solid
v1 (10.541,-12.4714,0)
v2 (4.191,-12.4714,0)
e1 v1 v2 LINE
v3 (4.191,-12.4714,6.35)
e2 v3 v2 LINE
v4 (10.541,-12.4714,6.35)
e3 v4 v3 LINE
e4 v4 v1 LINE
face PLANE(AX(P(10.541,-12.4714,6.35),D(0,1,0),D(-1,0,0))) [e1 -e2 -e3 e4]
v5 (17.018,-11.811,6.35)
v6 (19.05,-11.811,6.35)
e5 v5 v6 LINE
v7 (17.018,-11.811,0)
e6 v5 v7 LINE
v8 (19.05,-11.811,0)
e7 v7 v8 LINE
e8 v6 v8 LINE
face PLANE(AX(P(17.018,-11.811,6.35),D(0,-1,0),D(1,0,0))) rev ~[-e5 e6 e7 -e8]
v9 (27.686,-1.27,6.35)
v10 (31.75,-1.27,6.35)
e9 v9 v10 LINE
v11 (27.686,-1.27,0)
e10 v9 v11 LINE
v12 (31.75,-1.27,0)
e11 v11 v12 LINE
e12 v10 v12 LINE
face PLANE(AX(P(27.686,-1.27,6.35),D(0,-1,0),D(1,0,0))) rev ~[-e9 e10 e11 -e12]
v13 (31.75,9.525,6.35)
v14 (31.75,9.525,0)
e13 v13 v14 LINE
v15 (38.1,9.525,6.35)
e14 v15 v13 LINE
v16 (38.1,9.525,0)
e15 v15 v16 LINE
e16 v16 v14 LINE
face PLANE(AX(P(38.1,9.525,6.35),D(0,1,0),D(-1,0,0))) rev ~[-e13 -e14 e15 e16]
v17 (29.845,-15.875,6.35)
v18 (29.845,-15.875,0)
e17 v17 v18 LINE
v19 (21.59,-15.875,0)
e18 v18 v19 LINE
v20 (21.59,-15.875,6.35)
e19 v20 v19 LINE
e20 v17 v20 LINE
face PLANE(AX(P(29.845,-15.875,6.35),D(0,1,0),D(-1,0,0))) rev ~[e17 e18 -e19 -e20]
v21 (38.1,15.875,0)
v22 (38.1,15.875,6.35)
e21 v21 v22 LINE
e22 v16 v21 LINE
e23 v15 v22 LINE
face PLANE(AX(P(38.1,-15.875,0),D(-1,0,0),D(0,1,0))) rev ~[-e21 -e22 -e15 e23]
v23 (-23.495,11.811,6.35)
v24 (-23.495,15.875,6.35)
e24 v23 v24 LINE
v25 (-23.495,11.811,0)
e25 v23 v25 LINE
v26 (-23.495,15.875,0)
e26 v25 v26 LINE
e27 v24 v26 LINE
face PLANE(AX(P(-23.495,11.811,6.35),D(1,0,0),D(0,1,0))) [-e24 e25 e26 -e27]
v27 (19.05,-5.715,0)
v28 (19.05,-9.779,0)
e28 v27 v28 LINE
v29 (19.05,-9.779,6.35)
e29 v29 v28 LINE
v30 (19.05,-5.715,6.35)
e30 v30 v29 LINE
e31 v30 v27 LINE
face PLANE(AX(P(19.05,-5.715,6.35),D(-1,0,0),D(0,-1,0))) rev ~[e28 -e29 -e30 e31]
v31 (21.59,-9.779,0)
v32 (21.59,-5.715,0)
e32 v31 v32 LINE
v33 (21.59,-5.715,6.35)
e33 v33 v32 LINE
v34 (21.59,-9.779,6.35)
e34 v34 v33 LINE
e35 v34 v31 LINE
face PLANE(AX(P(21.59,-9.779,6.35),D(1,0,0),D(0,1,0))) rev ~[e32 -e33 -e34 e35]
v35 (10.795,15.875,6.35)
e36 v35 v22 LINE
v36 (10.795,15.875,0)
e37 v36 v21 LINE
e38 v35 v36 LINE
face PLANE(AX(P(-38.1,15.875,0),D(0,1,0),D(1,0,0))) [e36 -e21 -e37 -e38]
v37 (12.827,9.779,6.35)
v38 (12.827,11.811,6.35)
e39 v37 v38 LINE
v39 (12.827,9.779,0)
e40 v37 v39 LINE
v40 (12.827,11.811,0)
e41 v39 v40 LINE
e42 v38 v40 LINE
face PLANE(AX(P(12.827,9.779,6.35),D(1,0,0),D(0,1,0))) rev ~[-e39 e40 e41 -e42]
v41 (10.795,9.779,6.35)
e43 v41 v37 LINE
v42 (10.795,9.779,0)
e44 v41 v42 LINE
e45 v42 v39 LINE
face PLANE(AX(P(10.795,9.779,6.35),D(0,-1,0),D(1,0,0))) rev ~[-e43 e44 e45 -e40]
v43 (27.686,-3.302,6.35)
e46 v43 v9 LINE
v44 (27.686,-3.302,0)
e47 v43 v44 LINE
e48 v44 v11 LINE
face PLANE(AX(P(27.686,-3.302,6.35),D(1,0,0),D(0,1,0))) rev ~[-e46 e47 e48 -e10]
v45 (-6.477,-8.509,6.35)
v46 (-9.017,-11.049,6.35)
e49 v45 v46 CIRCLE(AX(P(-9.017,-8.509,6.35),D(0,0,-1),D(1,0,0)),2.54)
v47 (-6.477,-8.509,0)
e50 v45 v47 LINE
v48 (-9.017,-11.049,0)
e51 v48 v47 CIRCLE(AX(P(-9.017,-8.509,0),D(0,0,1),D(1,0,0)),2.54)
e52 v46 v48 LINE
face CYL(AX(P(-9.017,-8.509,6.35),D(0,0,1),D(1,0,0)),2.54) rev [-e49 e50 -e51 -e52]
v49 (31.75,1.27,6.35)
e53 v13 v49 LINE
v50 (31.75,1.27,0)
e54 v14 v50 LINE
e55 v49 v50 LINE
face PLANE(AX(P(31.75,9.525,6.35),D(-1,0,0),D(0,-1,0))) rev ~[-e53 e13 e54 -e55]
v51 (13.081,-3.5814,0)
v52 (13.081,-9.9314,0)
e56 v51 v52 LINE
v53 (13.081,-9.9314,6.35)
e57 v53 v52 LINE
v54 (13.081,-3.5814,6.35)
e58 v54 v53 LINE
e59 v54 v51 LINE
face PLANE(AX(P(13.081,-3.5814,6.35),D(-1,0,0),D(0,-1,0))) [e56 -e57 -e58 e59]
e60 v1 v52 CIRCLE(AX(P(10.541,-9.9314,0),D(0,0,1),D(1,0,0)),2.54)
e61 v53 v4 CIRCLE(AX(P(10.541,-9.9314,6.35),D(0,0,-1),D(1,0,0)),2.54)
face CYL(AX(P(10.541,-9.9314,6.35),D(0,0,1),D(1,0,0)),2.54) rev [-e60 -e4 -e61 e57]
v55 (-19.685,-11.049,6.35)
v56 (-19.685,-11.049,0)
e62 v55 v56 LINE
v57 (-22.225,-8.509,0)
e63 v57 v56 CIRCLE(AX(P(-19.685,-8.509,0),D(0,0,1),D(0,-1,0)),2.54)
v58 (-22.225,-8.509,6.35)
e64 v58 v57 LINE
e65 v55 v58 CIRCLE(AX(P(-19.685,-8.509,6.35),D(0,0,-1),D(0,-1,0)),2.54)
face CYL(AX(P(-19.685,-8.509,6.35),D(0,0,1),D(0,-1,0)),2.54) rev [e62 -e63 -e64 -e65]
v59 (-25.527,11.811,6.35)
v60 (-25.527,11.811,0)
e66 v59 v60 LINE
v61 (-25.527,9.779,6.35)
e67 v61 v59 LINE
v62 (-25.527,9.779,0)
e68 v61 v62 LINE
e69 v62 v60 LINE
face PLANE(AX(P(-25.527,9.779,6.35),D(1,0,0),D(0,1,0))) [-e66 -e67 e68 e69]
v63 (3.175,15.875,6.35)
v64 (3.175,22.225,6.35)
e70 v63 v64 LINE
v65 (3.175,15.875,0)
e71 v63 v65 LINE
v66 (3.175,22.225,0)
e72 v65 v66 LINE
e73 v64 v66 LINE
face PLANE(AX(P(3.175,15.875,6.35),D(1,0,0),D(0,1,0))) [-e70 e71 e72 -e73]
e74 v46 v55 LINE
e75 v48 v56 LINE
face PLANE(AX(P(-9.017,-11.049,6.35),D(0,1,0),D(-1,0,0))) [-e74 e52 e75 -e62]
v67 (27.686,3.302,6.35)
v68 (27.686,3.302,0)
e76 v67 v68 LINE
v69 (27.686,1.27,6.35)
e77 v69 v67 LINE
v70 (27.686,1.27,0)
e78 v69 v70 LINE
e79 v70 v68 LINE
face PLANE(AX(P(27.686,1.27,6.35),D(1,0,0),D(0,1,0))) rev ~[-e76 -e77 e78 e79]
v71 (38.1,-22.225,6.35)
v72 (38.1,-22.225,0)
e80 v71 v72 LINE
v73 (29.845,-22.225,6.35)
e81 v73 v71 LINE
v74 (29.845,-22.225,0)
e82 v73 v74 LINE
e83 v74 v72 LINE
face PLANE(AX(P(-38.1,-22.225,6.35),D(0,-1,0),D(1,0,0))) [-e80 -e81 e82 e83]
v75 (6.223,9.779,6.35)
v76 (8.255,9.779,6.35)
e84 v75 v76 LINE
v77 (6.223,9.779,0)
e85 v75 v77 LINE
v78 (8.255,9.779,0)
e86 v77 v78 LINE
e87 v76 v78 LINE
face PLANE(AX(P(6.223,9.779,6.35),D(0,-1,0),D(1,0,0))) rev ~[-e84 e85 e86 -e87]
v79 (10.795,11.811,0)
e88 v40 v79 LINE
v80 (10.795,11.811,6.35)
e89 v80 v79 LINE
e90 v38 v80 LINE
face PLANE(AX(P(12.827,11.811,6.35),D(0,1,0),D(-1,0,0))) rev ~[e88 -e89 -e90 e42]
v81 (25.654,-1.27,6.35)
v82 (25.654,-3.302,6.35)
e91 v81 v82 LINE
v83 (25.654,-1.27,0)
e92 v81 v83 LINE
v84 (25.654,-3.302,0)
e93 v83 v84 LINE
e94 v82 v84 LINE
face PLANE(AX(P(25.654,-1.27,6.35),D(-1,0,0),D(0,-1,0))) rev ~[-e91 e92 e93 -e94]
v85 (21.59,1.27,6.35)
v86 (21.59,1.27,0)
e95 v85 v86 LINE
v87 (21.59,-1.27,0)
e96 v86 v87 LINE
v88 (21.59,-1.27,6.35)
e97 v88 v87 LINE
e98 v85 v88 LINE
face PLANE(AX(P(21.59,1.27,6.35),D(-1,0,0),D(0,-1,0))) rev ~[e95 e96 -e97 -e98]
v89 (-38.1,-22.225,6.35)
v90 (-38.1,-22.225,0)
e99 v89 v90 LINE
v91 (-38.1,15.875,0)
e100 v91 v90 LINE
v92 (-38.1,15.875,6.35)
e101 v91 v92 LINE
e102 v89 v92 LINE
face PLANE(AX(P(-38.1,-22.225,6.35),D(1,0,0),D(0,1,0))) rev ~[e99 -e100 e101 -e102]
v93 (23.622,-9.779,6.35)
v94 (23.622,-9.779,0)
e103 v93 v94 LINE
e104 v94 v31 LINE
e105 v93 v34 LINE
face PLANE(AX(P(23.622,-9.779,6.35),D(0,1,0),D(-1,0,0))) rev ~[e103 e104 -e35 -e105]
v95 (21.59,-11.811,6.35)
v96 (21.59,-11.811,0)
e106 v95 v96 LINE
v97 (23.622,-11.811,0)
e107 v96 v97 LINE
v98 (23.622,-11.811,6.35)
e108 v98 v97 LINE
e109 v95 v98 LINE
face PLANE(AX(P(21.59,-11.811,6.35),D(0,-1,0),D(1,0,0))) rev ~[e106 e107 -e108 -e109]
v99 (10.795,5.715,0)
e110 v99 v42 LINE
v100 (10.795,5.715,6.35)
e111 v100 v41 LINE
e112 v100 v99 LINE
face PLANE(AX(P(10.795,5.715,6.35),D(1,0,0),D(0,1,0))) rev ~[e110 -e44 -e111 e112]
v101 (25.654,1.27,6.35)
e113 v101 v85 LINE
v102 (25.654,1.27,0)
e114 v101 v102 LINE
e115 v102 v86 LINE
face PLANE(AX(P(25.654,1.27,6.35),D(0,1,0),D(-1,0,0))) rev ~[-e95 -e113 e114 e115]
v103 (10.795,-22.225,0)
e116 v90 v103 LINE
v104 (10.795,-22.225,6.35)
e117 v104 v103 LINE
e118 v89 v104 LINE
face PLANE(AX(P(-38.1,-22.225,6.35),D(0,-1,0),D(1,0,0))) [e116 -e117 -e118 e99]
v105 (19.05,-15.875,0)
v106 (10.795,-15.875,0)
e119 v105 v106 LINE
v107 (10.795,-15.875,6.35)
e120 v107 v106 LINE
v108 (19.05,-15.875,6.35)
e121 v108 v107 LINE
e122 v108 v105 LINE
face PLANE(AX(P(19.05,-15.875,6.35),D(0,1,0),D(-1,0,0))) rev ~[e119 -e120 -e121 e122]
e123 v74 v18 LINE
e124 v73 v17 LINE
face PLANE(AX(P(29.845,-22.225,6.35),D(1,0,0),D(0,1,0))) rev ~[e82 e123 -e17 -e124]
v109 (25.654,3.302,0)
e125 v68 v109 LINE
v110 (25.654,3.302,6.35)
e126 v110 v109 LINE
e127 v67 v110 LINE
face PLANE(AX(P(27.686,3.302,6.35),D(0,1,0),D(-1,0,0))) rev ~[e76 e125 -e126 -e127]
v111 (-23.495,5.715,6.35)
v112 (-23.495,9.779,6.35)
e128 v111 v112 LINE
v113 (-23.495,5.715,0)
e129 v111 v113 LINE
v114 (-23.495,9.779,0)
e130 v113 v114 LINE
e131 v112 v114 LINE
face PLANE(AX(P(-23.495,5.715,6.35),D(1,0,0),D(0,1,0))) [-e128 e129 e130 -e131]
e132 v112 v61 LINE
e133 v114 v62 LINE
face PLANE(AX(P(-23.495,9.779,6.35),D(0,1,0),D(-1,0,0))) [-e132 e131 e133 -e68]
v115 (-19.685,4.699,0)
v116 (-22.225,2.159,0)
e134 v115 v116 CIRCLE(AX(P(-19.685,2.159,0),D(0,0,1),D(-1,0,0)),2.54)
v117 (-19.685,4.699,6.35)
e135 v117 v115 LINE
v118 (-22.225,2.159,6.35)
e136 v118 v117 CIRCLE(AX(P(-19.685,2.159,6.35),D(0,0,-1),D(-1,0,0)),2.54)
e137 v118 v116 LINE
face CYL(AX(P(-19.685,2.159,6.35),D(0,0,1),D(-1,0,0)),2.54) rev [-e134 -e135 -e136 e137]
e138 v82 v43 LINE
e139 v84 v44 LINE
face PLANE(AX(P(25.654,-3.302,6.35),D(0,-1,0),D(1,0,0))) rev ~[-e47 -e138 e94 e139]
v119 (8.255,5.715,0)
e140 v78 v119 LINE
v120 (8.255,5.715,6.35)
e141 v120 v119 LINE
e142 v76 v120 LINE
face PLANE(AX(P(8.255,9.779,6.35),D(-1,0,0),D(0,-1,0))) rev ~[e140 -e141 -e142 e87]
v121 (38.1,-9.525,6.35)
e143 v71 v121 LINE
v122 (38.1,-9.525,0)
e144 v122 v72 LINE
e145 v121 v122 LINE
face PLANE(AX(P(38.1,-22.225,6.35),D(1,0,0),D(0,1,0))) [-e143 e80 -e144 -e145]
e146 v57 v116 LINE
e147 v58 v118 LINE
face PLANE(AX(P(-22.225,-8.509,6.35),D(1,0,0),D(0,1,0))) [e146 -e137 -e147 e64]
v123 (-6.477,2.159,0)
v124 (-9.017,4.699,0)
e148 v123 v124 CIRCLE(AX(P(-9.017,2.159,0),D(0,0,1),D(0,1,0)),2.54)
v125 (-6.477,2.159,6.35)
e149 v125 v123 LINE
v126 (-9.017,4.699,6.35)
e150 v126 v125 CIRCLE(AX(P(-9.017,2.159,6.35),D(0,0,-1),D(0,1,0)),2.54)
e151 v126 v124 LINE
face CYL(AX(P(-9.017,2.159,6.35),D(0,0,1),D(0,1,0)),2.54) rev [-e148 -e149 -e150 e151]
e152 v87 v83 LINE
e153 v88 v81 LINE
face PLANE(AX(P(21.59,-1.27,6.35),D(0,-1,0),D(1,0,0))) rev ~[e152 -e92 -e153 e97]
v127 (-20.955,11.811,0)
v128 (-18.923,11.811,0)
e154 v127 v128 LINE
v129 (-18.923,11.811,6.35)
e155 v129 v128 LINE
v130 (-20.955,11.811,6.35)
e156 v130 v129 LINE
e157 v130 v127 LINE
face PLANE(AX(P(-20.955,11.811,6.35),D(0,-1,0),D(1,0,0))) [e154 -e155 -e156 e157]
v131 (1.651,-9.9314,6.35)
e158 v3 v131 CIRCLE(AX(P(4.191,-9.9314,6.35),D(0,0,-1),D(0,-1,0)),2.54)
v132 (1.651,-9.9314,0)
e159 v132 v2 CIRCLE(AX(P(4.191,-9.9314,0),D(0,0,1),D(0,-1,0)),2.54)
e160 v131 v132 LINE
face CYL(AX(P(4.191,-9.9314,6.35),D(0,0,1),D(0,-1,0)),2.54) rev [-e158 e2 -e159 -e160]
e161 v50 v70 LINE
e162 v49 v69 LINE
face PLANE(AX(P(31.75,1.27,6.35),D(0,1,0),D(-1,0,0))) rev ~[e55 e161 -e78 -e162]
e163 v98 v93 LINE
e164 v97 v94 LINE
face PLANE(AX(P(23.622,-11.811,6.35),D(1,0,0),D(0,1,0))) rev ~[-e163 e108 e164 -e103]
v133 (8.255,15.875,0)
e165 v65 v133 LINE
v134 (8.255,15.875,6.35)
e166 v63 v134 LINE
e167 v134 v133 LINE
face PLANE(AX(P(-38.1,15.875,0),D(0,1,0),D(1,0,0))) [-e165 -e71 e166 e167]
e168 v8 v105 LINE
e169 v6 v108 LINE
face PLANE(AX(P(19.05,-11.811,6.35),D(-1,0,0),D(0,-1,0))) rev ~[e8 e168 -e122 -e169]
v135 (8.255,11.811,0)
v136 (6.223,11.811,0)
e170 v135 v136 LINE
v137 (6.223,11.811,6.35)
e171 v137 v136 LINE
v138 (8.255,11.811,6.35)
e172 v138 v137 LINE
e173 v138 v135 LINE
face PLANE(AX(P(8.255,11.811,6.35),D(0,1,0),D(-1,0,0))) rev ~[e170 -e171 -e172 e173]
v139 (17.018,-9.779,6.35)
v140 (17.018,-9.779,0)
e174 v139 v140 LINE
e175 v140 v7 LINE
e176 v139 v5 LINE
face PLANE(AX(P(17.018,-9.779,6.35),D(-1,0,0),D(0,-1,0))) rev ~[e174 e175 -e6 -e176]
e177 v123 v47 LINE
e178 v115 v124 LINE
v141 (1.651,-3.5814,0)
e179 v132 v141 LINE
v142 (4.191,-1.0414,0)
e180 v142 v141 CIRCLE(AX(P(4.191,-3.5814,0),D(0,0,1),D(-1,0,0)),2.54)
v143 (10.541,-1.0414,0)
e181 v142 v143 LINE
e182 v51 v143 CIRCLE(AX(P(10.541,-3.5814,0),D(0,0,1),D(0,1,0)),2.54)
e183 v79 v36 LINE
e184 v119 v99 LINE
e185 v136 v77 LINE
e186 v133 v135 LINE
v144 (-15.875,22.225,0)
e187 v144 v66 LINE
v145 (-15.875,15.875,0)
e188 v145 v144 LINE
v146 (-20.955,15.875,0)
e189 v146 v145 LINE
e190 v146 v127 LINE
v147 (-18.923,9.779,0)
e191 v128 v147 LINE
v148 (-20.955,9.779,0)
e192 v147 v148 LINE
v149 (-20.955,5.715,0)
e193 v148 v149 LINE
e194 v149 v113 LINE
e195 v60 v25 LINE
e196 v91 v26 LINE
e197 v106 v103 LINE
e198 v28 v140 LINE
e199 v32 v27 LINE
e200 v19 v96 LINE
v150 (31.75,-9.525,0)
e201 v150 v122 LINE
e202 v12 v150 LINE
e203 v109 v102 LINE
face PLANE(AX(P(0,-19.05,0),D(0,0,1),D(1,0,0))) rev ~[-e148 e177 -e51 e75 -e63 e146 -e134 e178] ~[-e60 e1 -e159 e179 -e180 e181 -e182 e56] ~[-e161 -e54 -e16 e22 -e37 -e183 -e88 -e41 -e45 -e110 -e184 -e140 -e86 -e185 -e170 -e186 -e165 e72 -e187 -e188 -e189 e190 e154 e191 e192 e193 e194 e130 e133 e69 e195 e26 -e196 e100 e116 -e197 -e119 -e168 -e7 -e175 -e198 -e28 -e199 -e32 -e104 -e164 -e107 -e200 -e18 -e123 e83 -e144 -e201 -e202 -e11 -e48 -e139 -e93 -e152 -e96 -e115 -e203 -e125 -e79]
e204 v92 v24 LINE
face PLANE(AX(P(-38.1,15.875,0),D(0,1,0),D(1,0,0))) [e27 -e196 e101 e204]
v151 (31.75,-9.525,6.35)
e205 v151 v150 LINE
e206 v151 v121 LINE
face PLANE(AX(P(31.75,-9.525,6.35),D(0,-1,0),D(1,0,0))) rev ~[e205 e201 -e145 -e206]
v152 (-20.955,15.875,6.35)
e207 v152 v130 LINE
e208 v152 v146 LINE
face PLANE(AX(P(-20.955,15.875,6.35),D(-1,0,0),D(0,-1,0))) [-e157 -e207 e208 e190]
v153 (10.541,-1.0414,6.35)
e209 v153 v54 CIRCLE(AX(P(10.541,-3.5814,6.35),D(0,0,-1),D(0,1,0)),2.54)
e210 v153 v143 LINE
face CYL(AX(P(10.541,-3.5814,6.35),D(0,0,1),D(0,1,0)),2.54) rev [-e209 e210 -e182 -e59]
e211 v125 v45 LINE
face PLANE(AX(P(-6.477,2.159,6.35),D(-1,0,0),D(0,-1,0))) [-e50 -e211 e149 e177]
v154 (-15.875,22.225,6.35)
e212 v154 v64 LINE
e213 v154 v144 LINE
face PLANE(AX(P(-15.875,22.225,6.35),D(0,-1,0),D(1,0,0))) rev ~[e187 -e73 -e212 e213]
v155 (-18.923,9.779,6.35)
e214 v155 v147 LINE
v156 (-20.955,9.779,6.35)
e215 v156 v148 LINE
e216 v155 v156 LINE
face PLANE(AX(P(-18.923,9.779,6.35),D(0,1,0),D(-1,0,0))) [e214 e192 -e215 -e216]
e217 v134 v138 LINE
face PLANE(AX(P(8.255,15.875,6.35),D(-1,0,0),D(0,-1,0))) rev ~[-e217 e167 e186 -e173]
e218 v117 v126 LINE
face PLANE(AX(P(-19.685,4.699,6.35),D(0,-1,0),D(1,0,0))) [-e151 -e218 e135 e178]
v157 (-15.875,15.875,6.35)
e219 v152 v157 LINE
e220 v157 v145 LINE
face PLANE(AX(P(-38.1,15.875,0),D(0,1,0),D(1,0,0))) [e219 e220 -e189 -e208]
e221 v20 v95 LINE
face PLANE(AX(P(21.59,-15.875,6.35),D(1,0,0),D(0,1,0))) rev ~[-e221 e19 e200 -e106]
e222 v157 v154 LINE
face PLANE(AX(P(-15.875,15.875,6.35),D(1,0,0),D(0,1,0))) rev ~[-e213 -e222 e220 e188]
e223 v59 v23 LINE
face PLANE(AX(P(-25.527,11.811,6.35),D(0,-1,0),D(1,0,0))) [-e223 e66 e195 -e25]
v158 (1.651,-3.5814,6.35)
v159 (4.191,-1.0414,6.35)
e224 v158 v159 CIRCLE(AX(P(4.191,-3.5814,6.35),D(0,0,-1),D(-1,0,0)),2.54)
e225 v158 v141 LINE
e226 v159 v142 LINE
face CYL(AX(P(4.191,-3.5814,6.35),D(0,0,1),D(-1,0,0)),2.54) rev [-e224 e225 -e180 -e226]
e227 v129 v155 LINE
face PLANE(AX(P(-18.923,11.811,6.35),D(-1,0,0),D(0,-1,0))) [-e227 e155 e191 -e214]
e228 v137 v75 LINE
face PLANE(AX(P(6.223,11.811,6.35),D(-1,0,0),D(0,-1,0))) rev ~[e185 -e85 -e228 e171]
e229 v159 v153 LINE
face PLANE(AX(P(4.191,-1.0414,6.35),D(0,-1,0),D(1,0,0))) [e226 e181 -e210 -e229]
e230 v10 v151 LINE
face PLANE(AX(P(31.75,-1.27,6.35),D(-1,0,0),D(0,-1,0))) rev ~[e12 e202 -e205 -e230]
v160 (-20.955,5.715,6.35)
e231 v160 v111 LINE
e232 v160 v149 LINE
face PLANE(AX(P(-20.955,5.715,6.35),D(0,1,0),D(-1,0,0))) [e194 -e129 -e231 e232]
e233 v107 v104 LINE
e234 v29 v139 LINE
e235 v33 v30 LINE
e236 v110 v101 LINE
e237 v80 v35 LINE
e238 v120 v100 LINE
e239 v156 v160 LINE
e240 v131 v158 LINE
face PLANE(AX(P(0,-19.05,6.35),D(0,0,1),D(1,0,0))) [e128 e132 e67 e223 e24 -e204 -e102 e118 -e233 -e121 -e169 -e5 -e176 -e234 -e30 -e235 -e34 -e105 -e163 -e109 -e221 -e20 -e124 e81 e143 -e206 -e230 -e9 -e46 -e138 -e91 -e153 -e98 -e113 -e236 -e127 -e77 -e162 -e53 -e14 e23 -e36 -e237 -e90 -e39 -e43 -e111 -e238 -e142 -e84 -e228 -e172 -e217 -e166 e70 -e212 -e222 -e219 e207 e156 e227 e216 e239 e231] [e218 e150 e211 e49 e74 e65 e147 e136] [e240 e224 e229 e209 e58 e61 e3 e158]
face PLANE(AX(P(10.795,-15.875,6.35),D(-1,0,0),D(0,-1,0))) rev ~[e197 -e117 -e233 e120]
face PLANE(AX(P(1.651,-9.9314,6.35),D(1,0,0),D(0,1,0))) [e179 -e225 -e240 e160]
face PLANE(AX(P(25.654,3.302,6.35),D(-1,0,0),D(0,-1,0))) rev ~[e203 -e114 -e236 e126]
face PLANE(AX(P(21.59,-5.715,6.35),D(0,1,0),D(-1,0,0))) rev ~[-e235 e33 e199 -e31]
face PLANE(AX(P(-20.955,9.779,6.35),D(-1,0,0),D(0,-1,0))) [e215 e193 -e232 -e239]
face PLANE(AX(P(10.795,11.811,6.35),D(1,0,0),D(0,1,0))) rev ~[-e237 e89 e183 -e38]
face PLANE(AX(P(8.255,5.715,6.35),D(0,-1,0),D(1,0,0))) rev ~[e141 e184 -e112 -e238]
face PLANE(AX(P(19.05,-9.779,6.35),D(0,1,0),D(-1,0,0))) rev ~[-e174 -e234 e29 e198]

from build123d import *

# Parameters (mm, degrees)
SKETCH1_W               = 76.2
SKETCH1_H               = 31.75
BOSS_EXTRUDE1_DEPTH     = 6.35
SKETCH2_W               = 19.05
SKETCH2_H               = 6.35
BOSS_EXTRUDE2_DEPTH     = 6.35
CUT_EXTRUDE1_DEPTH      = 6.35
CUT_EXTRUDE4_DEPTH      = 6.35
SKETCH5_W               = 76.2
SKETCH5_H               = 6.35
BOSS_EXTRUDE3_DEPTH     = 6.35
CUT_EXTRUDE7_DEPTH      = 1
CUT_EXTRUDE7_DEPTH_BACK = 7.35


with BuildPart() as part:
    # Sketch1 → Boss-Extrude1 (new body)
    with BuildSketch(Plane.XY):
        Rectangle(SKETCH1_W, SKETCH1_H)
    extrude(amount=BOSS_EXTRUDE1_DEPTH)

    # Sketch2 → Boss-Extrude2 (add)
    with BuildSketch(Plane.XY.offset(6.35)):
        with Locations((-6.35, 19.05)):
            Rectangle(SKETCH2_W, SKETCH2_H)
    extrude(amount=-BOSS_EXTRUDE2_DEPTH)

    # Sketch3 → Cut-Extrude1 (cut)
    with BuildSketch(Plane.XY.offset(6.35)):
        Polygon((-20.955, 11.811), (-18.923, 11.811), (-18.923, 9.779), (-20.955, 9.779), (-20.955, 5.715), (-23.495, 5.715), (-23.495, 9.779), (-25.527, 9.779), (-25.527, 11.811), (-23.495, 11.811), (-23.495, 15.875), (-20.955, 15.875), align=None)
        Polygon((8.255, 9.779), (8.255, 5.715), (10.795, 5.715), (10.795, 9.779), (12.827, 9.779), (12.827, 11.811), (10.795, 11.811), (10.795, 15.875), (8.255, 15.875), (8.255, 11.811), (6.223, 11.811), (6.223, 9.779), align=None)
    extrude(amount=-CUT_EXTRUDE1_DEPTH, mode=Mode.SUBTRACT)

    # Sketch4 → Cut-Extrude4 (cut)
    with BuildSketch(Plane.XY.offset(6.35)):
        Polygon((31.75, -9.525), (38.1, -9.525), (38.1, 9.525), (31.75, 9.525), (31.75, 1.27), (27.686, 1.27), (27.686, 3.302), (25.654, 3.302), (25.654, 1.27), (21.59, 1.27), (21.59, -1.27), (25.654, -1.27), (25.654, -3.302), (27.686, -3.302), (27.686, -1.27), (31.75, -1.27), align=None)
    extrude(amount=-CUT_EXTRUDE4_DEPTH, mode=Mode.SUBTRACT)

    # Sketch5 → Boss-Extrude3 (add)
    with BuildSketch(Plane.XY.offset(6.35)):
        with Locations((0, -19.05)):
            Rectangle(SKETCH5_W, SKETCH5_H)
    extrude(amount=-BOSS_EXTRUDE3_DEPTH)

    # Sketch8 → Cut-Extrude7 (cut, two sides)
    with BuildSketch(Plane.XY.offset(6.35)) as cut_extrude7_sk:
        with BuildLine():
            Line((-19.685, 4.699), (-9.017, 4.699))
            ThreePointArc((-9.017, 4.699), (-7.220948776, 3.955051224), (-6.477, 2.159))
            Line((-6.477, 2.159), (-6.477, -8.509))
            ThreePointArc((-6.477, -8.509), (-7.220948776, -10.305051224), (-9.017, -11.049))
            Line((-9.017, -11.049), (-19.685, -11.049))
            ThreePointArc((-19.685, -11.049), (-21.481051224, -10.305051224), (-22.225, -8.509))
            Line((-22.225, -8.509), (-22.225, 2.159))
            ThreePointArc((-22.225, 2.159), (-21.481051224, 3.955051224), (-19.685, 4.699))
        make_face()
        Polygon((10.795, -15.875), (10.795, -22.225), (29.845, -22.225), (29.845, -15.875), (21.59, -15.875), (21.59, -11.811), (23.622, -11.811), (23.622, -9.779), (21.59, -9.779), (21.59, -5.715), (19.05, -5.715), (19.05, -9.779), (17.018, -9.779), (17.018, -11.811), (19.05, -11.811), (19.05, -15.875), align=None)
        with BuildLine():
            Line((4.191, -1.0414), (10.541, -1.0414))
            ThreePointArc((10.541, -1.0414), (12.337051224, -1.785348776), (13.081, -3.5814))
            Line((13.081, -3.5814), (13.081, -9.9314))
            ThreePointArc((13.081, -9.9314), (12.337051224, -11.727451224), (10.541, -12.4714))
            Line((10.541, -12.4714), (4.191, -12.4714))
            ThreePointArc((4.191, -12.4714), (2.394948776, -11.727451224), (1.651, -9.9314))
            Line((1.651, -9.9314), (1.651, -3.5814))
            ThreePointArc((1.651, -3.5814), (2.394948776, -1.785348776), (4.191, -1.0414))
        make_face()
    extrude(amount=CUT_EXTRUDE7_DEPTH, mode=Mode.SUBTRACT)
    extrude(cut_extrude7_sk.sketch, amount=-CUT_EXTRUDE7_DEPTH_BACK, mode=Mode.SUBTRACT)


solid = part.part
